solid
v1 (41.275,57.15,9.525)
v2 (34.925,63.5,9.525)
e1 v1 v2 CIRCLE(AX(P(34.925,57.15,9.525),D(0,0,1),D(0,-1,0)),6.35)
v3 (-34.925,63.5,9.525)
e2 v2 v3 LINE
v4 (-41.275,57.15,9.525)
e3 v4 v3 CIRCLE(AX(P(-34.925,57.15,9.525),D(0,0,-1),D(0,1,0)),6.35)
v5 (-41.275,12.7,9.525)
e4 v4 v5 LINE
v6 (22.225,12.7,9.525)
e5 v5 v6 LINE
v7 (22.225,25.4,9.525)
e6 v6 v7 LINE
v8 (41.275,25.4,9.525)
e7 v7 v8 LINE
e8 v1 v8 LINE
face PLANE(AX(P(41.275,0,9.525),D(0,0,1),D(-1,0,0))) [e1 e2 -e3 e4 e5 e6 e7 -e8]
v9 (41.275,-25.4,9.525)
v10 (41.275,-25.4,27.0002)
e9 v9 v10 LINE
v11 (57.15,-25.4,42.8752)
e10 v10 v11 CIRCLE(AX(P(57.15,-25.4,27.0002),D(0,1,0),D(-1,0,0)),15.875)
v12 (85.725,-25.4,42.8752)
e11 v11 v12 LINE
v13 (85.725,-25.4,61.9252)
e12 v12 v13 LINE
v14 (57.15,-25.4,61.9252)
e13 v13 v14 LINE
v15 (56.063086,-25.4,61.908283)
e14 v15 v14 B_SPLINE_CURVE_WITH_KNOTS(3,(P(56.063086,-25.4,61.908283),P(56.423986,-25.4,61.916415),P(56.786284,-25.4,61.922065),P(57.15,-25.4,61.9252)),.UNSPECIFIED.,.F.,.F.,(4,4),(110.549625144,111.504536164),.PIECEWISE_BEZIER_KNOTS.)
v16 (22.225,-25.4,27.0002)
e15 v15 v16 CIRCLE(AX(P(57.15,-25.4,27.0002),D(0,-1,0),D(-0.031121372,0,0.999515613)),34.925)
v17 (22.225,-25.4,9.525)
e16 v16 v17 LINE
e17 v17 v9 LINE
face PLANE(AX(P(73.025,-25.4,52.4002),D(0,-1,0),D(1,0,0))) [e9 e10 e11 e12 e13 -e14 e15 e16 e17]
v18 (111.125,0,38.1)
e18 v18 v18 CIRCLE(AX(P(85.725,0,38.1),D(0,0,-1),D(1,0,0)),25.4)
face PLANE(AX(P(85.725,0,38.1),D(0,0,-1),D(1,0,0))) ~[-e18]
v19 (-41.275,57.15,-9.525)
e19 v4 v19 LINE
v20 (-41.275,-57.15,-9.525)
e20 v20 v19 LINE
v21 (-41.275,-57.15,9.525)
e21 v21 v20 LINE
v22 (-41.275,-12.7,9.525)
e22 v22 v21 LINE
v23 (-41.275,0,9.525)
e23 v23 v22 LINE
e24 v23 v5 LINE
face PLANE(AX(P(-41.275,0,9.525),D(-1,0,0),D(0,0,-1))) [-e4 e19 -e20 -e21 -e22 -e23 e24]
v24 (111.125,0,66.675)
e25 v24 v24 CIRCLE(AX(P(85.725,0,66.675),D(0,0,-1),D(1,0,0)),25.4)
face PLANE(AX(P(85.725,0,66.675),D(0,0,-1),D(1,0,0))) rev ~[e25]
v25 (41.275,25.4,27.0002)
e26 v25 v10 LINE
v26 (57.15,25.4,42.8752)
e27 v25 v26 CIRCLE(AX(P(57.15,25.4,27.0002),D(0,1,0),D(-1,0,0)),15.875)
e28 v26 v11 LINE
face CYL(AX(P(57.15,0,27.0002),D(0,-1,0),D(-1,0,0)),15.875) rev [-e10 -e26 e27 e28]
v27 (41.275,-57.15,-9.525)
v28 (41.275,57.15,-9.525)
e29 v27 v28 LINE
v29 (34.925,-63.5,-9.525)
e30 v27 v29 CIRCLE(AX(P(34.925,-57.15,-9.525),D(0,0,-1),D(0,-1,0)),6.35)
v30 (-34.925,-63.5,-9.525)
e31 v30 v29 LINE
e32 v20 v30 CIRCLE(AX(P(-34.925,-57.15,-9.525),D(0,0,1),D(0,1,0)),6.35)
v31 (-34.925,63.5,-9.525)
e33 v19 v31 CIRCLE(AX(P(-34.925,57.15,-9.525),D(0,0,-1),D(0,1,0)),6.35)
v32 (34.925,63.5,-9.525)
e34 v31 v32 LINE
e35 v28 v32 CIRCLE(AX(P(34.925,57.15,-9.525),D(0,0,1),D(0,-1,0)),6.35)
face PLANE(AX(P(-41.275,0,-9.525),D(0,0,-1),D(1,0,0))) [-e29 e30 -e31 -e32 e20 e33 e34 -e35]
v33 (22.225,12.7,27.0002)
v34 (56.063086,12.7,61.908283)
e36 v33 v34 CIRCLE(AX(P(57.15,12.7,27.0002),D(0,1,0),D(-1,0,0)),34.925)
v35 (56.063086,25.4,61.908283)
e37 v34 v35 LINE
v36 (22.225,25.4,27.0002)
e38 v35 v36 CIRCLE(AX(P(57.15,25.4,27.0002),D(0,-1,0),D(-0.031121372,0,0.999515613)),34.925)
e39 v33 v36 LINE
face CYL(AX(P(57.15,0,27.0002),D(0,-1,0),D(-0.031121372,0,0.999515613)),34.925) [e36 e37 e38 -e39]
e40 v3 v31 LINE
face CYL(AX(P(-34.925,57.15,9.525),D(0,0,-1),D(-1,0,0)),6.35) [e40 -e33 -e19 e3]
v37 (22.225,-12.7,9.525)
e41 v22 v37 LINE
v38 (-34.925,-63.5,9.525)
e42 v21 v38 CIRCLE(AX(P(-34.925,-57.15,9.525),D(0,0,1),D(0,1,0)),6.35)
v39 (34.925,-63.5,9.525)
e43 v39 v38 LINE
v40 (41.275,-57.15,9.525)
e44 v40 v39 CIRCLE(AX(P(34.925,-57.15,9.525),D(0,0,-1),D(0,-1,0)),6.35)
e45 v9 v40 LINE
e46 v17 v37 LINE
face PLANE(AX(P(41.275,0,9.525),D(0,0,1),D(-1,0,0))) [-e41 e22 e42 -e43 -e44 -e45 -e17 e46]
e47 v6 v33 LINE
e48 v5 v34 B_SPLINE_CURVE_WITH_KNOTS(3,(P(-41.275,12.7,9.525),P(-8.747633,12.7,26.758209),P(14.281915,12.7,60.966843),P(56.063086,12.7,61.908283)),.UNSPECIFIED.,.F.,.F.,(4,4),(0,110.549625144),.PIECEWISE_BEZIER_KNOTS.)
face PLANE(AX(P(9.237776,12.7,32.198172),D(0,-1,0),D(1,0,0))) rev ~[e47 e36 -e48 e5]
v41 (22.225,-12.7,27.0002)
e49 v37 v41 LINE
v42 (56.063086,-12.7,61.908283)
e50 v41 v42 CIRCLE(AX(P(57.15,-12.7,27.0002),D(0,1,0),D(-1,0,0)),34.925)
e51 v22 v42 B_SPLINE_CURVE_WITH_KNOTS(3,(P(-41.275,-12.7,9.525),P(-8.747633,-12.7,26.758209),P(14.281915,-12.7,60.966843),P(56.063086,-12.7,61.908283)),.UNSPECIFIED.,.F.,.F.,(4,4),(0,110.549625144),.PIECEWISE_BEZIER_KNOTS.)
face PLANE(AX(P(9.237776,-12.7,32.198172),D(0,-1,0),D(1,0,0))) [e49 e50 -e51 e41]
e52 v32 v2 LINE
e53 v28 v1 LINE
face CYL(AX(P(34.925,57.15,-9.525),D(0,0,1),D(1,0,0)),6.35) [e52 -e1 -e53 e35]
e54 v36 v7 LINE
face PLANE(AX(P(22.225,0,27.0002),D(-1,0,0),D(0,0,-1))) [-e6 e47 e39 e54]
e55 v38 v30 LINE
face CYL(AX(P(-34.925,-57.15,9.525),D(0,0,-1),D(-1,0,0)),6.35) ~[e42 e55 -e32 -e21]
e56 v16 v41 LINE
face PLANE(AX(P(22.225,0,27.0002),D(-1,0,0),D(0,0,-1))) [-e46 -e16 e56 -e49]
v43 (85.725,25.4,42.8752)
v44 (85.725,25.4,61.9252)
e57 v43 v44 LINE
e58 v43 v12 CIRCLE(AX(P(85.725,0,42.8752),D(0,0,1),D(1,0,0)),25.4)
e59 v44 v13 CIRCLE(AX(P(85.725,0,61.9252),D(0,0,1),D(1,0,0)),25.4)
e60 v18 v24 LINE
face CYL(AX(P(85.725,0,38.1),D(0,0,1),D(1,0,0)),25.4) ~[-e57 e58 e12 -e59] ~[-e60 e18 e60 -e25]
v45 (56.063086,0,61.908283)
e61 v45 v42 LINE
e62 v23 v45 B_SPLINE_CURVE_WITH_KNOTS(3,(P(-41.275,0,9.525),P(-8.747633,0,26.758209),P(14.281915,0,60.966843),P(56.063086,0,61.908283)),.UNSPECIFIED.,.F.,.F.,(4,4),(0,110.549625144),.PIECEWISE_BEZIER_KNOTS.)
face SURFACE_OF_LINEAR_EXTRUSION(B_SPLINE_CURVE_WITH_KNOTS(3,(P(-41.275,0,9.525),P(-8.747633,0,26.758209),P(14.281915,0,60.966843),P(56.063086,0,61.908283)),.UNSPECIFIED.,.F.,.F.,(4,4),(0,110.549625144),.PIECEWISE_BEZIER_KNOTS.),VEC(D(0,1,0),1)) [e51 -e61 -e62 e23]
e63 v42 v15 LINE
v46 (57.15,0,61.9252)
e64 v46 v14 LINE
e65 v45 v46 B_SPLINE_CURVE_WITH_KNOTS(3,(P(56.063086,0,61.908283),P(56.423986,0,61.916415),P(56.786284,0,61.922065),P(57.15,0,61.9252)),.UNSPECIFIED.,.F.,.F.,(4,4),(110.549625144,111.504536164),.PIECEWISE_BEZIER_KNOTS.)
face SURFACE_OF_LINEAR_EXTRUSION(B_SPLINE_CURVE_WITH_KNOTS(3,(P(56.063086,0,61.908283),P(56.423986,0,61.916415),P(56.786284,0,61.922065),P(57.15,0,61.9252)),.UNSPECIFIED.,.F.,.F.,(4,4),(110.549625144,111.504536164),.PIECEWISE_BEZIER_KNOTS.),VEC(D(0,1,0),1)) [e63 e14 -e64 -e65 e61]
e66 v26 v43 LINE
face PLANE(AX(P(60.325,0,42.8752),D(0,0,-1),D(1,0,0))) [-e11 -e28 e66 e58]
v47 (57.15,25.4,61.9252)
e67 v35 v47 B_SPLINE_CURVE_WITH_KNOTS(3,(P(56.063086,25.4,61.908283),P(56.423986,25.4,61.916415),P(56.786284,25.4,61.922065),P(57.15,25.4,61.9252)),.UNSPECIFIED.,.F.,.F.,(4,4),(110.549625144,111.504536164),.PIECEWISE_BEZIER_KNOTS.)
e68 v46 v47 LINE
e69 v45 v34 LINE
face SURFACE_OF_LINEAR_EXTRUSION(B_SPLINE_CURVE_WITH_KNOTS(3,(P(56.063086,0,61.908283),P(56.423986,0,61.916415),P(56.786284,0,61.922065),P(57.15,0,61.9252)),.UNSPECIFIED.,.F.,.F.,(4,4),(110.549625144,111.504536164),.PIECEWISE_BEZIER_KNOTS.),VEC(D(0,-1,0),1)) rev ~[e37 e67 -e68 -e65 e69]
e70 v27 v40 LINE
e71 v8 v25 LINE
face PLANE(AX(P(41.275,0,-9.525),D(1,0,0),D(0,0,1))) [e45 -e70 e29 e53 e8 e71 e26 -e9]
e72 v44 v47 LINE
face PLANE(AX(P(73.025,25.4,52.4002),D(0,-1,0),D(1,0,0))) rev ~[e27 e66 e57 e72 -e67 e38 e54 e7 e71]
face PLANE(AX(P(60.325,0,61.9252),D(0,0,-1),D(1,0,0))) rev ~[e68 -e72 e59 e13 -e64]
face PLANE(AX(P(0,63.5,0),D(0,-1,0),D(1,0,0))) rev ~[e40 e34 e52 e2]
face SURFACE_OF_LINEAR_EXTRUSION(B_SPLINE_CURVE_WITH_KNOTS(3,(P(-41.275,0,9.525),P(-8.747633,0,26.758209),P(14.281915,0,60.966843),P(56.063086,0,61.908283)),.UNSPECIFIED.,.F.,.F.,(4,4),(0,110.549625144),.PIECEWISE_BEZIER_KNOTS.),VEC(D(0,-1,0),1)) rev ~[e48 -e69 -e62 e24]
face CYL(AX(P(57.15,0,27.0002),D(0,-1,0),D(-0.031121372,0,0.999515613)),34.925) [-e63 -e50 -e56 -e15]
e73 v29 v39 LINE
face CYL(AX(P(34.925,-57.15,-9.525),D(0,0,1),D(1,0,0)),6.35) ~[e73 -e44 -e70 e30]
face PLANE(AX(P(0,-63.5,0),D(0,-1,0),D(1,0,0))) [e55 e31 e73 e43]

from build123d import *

# Parameters (mm, degrees)
F1_DEPTH = 63.5
F2_DEPTH = 25.4
F3_DEPTH = 12.7
F0_W     = 25.4
F0_H     = 19.05
F4_DEPTH = 25.4
F6_R     = 6.35


with BuildPart() as f1:
    # F0 (on Front) → F1 (new body, symmetric)
    with BuildSketch(Plane.XZ):
        Polygon((41.275, -9.525), (41.275, 9.525), (22.225, 9.525), (-41.275, 9.525), (-41.275, -9.525), align=None)
    extrude(amount=F1_DEPTH, both=True)

    # F0 (on Front) → F2 (join, symmetric)
    with BuildSketch(Plane.XZ):
        with BuildLine():
            Line((22.225, 9.525), (41.275, 9.525))
            Line((41.275, 9.525), (41.275, 27.0002))
            ThreePointArc((41.275, 27.0002), (45.9246798487, 38.2255201513), (57.15, 42.8752))
            Line((57.15, 42.8752), (60.325, 42.8752))
            Line((60.325, 42.8752), (60.325, 61.9252))
            Line((60.325, 61.9252), (57.15, 61.9252))
            add(Edge.make_bspline(
                [(56.0630860739, 61.9082827763), (56.4239855427, 61.9164147912), (56.7862841158, 61.9220646594), (57.15, 61.9252)],
                knots=[110.5496251445, 110.5496251445, 110.5496251445, 110.5496251445, 111.5045361635, 111.5045361635, 111.5045361635, 111.5045361635], degree=3))
            ThreePointArc((56.0630860739, 61.9082827763), (32.0729577714, 51.3085849333), (22.225, 27.0002))
            Line((22.225, 27.0002), (22.225, 9.525))
        make_face()
    extrude(amount=F2_DEPTH, both=True)

    # F0 (on Front) → F3 (join, symmetric)
    with BuildSketch(Plane.XZ):
        with BuildLine():
            Line((-41.275, 9.525), (22.225, 9.525))
            Line((22.225, 9.525), (22.225, 27.0002))
            ThreePointArc((22.225, 27.0002), (32.0729577714, 51.3085849333), (56.0630860739, 61.9082827763))
            add(Edge.make_bspline(
                [(-41.275, 9.525), (-8.7476331645, 26.7582086028), (14.2819146452, 60.9668430208), (56.0630860739, 61.9082827763)],
                knots=[0, 0, 0, 0, 110.5496251445, 110.5496251445, 110.5496251445, 110.5496251445], degree=3))
        make_face()
    extrude(amount=F3_DEPTH, both=True)

    # F0 (on Front) → F4 (join, symmetric)
    with BuildSketch(Plane.XZ):
        with Locations((73.025, 52.4002)):
            Rectangle(F0_W, F0_H)
    extrude(amount=F4_DEPTH, both=True)

    # F0 (on Front) → F5 (revolve)
    with BuildSketch(Plane.XZ):
        Polygon((85.725, 61.9252), (85.725, 42.8752), (85.725, 38.1), (111.125, 38.1), (111.125, 66.675), (85.725, 66.675), align=None)
    revolve(axis=Axis((85.725, 0, 52.3875), (0, 0, -1)))

    # F6
    f6_edges = [f1.edges().sort_by_distance(p)[0] for p in [
        (41.275, -63.5, 0),
        (-41.275, -63.5, 0),
        (-41.275, 63.5, 0),
        (41.275, 63.5, 0),
    ]]
    fillet(f6_edges, radius=F6_R)


solid = f1.part
